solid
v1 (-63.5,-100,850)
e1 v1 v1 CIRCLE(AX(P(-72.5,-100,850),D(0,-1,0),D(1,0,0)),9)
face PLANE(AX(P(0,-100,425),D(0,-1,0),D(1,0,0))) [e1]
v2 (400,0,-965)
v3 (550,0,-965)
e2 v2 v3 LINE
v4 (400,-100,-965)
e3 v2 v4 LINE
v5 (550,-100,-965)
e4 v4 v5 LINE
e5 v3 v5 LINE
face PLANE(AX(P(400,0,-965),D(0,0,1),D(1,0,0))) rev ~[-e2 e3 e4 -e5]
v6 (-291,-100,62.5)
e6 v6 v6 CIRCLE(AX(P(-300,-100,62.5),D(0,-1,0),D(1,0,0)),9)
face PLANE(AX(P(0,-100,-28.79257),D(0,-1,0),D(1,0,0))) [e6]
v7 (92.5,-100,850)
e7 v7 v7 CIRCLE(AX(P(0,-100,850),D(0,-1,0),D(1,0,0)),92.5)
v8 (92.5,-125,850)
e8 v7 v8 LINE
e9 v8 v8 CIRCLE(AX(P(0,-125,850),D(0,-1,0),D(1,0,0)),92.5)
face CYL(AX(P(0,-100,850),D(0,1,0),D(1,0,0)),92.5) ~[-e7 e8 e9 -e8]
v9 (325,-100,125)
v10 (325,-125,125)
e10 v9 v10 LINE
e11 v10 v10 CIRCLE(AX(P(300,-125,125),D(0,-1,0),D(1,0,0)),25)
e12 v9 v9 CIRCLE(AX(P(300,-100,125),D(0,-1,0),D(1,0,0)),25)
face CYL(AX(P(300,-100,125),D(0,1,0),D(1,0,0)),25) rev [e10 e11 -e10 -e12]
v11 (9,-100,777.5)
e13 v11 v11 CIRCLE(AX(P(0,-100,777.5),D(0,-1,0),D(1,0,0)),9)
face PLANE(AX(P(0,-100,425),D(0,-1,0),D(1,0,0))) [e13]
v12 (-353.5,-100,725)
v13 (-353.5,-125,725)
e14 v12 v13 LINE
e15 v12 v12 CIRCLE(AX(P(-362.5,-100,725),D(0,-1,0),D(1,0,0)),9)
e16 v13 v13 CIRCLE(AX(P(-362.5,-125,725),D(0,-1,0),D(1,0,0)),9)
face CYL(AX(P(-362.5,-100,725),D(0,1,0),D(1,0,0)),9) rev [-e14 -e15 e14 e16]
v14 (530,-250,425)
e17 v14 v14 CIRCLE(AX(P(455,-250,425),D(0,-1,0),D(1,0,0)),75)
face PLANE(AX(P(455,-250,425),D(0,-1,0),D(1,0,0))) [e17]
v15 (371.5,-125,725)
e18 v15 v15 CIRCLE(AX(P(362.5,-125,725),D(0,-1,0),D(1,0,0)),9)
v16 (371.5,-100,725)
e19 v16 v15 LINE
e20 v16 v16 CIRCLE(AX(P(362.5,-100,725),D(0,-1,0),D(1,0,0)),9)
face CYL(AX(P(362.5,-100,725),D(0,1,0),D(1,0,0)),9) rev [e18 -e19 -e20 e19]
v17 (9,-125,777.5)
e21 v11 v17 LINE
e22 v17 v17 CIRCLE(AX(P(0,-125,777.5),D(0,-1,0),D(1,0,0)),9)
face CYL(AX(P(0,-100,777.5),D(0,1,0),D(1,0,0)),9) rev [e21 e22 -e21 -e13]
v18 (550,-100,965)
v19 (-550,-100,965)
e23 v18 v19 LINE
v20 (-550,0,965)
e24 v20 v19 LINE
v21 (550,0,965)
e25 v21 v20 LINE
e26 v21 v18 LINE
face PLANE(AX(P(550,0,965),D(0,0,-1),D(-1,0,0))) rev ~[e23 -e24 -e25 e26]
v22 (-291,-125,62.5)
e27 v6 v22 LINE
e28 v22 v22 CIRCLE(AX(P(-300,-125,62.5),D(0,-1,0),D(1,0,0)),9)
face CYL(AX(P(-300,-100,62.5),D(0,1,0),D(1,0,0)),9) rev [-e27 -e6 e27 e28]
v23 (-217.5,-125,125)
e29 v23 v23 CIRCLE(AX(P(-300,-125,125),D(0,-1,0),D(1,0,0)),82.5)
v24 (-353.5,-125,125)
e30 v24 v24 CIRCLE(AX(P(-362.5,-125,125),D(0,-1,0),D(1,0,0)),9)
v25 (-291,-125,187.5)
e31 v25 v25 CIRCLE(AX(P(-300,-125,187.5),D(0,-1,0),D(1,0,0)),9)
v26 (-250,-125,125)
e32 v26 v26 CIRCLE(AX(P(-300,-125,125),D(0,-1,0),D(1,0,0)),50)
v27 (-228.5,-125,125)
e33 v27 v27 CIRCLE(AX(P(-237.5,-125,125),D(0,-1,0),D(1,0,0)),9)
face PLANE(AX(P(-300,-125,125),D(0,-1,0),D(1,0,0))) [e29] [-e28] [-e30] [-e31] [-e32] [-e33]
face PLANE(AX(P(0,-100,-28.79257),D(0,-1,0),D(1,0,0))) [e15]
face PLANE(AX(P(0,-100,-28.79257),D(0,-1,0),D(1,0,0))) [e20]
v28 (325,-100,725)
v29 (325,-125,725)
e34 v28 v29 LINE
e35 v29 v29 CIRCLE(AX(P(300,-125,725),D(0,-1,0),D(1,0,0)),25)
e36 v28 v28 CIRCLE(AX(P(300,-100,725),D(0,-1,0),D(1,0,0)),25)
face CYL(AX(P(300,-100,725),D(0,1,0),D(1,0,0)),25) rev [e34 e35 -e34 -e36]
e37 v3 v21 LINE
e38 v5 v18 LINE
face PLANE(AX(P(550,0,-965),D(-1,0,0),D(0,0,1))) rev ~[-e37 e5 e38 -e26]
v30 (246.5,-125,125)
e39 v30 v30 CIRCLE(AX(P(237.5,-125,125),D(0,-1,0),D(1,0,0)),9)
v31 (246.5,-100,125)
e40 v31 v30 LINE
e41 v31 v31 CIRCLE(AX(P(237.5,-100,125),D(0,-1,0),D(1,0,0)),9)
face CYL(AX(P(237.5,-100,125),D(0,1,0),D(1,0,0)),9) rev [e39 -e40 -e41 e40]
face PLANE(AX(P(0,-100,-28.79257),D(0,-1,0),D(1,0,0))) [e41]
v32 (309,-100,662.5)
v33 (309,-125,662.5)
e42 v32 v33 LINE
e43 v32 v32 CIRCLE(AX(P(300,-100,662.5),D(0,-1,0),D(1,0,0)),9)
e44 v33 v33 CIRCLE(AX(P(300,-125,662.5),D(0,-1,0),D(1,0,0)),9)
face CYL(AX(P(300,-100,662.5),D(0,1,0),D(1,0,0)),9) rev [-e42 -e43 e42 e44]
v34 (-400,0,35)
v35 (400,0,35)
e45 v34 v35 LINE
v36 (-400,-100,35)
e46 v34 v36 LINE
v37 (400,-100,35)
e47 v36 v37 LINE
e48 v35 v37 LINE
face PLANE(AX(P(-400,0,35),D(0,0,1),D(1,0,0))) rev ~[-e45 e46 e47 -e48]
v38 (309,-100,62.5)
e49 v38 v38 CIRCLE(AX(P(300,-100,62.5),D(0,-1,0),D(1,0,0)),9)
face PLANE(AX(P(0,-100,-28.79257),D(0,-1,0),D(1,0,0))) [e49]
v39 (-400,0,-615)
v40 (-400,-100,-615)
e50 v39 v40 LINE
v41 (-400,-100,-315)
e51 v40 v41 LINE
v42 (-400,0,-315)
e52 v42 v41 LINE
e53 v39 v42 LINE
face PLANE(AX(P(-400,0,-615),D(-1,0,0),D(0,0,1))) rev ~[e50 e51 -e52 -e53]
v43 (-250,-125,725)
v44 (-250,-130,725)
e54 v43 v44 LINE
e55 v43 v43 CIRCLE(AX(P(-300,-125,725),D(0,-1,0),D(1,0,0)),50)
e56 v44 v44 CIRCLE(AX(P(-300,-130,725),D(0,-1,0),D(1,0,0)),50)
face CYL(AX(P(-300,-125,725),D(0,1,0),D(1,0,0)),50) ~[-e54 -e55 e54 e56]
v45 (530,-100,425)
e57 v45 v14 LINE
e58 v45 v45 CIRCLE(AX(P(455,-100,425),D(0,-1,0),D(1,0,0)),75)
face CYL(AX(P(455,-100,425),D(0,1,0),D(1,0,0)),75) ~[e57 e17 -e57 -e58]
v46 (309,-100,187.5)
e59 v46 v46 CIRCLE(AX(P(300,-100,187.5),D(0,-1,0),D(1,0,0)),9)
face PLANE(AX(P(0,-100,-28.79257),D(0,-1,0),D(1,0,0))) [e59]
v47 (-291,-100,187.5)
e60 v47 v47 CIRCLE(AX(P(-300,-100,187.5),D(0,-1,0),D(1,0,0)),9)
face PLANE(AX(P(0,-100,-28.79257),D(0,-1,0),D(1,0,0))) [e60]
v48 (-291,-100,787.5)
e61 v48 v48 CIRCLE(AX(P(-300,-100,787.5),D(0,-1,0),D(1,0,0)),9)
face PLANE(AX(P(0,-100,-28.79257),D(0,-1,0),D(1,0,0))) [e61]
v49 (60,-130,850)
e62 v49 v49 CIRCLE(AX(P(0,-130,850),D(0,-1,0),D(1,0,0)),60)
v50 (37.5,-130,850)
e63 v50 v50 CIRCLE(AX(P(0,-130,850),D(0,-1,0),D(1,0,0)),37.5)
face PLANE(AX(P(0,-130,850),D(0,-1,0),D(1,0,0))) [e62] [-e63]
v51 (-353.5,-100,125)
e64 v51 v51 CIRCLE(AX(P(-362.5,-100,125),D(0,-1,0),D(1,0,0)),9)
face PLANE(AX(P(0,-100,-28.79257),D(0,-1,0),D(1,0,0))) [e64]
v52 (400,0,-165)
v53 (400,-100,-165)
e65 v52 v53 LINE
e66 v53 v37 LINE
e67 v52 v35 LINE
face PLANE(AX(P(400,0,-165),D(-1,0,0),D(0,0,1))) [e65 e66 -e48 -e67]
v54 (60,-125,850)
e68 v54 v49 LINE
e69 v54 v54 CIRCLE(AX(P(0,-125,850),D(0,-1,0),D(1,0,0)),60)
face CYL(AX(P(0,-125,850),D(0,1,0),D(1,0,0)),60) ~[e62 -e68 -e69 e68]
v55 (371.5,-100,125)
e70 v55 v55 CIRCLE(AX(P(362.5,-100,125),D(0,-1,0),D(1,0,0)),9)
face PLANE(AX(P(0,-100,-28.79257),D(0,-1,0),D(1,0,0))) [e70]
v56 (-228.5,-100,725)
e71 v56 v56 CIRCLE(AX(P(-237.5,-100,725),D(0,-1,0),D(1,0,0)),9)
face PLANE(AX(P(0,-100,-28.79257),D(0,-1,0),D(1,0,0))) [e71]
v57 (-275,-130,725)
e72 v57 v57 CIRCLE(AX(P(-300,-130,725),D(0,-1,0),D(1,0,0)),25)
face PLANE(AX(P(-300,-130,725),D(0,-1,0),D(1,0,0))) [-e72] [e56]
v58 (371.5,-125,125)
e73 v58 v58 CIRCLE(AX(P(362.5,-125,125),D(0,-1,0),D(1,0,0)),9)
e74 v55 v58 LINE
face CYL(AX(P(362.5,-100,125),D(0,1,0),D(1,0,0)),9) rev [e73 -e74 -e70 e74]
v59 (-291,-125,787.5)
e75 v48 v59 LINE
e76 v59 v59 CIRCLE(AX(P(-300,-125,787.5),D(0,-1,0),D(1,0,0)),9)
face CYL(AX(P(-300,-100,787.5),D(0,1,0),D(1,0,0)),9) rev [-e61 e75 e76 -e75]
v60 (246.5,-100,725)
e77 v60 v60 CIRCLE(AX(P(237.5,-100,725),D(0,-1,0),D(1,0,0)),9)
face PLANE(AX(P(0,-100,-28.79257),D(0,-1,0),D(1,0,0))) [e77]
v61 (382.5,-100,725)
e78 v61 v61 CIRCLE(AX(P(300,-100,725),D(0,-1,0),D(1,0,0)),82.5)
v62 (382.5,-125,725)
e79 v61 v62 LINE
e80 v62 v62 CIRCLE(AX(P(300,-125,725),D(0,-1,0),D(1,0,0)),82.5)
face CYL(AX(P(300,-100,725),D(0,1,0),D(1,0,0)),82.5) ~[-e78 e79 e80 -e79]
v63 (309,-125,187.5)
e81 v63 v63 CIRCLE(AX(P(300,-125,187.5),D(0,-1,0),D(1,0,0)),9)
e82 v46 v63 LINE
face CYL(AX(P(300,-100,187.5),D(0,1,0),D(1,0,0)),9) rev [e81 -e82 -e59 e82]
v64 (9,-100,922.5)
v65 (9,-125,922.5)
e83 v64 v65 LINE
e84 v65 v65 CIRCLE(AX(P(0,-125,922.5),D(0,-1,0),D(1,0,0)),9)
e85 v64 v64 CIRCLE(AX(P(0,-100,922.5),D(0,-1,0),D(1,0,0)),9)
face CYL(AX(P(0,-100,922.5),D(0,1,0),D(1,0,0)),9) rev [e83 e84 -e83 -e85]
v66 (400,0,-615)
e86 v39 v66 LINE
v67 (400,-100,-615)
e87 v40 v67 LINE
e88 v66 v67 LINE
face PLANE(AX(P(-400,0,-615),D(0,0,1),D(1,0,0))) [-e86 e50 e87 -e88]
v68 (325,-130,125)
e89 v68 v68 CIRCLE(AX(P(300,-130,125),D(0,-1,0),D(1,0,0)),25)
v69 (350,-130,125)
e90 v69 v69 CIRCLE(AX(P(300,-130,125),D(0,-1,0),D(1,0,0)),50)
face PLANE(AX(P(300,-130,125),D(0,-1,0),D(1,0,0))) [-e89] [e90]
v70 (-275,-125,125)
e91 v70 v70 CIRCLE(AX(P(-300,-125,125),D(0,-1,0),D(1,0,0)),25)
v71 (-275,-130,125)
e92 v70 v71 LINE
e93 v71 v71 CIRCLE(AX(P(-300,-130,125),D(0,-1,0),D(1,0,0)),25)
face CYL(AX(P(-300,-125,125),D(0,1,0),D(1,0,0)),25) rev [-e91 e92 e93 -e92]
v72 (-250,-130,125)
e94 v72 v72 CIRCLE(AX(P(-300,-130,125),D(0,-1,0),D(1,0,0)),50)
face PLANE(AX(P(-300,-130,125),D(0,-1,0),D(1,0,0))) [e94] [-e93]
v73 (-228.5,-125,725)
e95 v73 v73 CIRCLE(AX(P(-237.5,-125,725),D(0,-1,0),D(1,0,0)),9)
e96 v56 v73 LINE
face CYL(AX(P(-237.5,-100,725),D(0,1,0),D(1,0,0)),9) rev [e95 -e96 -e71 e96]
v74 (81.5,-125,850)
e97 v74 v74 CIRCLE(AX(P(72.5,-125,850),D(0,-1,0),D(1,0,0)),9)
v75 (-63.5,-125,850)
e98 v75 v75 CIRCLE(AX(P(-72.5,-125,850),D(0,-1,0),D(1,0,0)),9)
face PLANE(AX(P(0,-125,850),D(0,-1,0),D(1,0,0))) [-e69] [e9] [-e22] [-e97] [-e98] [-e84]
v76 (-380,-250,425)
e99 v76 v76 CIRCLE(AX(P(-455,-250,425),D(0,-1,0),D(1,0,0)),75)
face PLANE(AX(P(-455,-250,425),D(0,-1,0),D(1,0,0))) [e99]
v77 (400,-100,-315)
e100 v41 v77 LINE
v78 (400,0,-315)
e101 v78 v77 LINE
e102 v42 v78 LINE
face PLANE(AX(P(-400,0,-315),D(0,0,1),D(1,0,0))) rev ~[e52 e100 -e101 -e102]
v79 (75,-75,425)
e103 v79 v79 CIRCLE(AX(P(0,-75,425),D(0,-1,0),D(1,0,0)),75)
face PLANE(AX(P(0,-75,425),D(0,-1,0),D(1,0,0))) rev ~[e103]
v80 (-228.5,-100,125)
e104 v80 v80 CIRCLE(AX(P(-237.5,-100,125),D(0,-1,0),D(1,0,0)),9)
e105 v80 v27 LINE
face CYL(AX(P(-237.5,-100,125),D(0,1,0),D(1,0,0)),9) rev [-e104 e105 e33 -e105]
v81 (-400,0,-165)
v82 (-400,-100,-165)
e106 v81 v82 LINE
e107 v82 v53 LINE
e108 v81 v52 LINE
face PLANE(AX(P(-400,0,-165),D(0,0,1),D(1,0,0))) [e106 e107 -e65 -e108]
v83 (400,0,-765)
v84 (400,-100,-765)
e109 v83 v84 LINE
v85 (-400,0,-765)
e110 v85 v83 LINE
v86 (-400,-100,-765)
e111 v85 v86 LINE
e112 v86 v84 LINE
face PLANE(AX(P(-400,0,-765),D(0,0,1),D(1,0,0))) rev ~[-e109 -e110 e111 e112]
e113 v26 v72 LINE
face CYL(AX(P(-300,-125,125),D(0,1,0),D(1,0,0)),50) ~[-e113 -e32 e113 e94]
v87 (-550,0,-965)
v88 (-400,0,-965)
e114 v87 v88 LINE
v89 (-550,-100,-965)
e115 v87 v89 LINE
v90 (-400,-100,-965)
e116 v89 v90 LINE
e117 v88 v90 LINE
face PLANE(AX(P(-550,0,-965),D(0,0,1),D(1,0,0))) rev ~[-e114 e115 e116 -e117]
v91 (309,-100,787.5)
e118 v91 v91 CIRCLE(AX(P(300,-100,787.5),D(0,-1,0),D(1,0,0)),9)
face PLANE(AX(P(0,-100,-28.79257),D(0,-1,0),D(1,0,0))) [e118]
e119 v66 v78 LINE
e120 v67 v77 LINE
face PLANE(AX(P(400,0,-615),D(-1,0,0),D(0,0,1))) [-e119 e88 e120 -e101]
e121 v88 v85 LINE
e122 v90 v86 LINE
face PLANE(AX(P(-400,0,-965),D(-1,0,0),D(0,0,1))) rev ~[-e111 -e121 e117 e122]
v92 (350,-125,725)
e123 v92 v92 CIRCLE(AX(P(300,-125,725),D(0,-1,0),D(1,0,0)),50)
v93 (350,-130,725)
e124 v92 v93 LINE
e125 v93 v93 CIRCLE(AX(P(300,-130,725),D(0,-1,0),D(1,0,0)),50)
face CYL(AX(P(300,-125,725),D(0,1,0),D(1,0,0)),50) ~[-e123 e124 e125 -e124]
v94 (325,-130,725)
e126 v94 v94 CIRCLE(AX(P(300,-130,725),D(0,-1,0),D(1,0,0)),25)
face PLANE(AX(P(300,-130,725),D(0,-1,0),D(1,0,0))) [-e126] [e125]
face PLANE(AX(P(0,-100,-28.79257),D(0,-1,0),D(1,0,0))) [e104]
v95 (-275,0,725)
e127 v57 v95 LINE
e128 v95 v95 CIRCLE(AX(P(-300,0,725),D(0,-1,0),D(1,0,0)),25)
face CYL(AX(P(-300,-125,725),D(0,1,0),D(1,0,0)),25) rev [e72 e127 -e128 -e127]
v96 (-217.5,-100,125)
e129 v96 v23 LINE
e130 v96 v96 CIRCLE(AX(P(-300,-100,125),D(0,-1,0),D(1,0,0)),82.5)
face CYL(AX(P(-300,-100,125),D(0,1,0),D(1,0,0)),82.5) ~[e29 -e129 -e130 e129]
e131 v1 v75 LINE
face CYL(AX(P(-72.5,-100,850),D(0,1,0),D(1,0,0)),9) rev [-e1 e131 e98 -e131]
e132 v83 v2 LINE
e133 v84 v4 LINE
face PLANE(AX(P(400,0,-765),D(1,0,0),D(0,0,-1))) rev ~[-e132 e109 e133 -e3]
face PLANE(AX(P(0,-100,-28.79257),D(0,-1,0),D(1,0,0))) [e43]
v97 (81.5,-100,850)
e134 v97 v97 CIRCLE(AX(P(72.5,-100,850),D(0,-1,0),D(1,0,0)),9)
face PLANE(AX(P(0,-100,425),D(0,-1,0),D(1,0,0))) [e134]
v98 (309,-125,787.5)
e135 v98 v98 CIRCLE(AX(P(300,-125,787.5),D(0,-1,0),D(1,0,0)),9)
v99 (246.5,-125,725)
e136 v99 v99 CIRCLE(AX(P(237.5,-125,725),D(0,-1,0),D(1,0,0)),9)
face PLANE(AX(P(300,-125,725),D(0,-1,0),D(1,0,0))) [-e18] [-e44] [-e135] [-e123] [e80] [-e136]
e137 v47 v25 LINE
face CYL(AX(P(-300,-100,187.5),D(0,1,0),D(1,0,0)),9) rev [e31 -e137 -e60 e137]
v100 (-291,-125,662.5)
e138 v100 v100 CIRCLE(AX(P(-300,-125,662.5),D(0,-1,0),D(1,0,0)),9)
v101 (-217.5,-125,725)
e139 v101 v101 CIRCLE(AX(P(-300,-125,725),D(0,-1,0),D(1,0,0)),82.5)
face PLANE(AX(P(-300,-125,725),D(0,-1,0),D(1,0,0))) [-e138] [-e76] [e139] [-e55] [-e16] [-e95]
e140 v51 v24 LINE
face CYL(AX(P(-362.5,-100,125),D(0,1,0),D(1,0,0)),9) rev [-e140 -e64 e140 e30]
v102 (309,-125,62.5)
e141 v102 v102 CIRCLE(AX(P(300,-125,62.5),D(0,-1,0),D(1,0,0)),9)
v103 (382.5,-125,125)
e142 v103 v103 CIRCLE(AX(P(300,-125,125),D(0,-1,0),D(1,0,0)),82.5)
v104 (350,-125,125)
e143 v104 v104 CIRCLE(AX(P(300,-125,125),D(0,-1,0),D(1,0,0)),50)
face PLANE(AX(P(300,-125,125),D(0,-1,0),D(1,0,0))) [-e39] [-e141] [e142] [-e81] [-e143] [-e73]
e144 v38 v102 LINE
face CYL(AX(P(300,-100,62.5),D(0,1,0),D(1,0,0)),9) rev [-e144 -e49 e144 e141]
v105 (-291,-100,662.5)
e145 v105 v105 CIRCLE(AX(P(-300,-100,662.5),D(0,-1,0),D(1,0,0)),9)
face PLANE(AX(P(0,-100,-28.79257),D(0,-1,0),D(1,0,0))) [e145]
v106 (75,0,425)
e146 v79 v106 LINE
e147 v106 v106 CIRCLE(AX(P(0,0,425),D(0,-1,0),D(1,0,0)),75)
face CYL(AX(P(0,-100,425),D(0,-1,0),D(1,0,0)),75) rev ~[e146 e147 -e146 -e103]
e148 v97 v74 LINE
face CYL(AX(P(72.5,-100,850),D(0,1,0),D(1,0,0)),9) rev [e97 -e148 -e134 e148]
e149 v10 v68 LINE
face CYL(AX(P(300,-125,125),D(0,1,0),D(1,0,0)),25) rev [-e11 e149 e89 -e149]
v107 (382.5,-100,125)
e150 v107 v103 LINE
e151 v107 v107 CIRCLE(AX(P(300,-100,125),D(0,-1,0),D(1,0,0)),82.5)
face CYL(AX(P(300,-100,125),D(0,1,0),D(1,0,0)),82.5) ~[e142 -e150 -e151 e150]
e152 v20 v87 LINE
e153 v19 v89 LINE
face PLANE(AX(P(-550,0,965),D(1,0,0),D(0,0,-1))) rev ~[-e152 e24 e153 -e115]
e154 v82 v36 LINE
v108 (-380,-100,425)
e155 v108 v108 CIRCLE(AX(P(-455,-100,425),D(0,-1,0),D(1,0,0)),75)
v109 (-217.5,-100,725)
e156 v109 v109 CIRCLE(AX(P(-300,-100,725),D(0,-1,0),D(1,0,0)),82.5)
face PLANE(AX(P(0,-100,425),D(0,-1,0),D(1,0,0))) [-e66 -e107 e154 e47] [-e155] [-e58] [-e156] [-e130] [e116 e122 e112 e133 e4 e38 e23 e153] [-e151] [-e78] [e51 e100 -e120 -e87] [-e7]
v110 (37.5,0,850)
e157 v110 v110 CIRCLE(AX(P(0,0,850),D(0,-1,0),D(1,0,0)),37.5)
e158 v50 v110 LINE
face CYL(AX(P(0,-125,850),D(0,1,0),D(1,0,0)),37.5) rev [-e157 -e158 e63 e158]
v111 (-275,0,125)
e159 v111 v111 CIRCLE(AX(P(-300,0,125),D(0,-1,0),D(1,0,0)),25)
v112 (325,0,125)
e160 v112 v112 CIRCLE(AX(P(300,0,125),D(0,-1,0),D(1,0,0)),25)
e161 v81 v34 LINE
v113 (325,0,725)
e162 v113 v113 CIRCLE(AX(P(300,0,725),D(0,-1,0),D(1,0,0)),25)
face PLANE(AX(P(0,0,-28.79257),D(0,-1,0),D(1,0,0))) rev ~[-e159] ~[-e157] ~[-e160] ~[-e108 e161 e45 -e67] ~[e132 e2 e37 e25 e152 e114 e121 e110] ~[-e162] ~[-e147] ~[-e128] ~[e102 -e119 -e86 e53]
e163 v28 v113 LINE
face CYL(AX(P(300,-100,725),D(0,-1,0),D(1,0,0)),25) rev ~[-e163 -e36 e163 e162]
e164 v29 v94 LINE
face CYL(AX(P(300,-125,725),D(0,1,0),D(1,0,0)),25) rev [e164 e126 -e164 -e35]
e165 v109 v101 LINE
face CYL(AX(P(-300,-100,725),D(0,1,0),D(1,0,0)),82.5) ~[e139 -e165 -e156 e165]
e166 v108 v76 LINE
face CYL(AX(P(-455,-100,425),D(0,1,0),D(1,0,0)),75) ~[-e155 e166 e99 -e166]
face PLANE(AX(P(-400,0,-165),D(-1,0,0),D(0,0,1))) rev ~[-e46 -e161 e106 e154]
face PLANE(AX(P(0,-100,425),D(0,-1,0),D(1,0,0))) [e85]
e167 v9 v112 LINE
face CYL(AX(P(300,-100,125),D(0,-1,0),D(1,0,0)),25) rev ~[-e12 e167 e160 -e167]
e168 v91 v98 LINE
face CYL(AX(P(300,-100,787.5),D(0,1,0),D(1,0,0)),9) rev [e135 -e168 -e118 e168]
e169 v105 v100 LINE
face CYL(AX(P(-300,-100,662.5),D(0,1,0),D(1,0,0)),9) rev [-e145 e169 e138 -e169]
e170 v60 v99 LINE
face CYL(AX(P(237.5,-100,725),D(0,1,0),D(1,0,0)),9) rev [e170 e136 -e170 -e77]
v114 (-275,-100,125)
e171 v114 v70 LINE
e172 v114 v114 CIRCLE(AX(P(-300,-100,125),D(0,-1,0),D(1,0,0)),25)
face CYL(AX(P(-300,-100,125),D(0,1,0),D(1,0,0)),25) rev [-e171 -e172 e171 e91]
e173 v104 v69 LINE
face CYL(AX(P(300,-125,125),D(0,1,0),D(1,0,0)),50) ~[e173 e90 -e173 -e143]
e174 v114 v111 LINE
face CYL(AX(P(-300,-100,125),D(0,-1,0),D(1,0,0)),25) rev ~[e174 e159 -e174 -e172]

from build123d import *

# Parameters (mm, degrees)
F0_W      = 800
F0_H      = 300
F0_H_2    = 200
F1_DEPTH  = 100
F2_R      = 25
F2_R_2    = 75
F3_DEPTH  = 100
F4_R      = 75
F5_DEPTH  = 150
F6_R      = 82.5
F6_R_2    = 9
F6_R_3    = 25
F7_DEPTH  = 25
F8_R      = 50
F8_R_2    = 25
F9_DEPTH  = 5
F10_R     = 75
F11_DEPTH = 25
F12_R     = 37.5
F13_DEPTH = 100
F14_R     = 92.5
F14_R_2   = 9
F14_R_3   = 37.5
F15_DEPTH = 25
F16_R     = 60
F16_R_2   = 37.5
F17_DEPTH = 5


with BuildPart() as f1:
    # F0 (on Front) → F1 (new body)
    with BuildSketch(Plane.XZ):
        Polygon((400, -965), (550, -965), (550, 965), (-550, 965), (-550, -965), (-400, -965), (-400, -765), (400, -765), align=None)
        with Locations((0, -465)):
            Rectangle(F0_W, F0_H, mode=Mode.SUBTRACT)
        with Locations((0, -65)):
            Rectangle(F0_W, F0_H_2, mode=Mode.SUBTRACT)
    extrude(amount=F1_DEPTH)

    # F2 (on face) → F3 (cut)
    with BuildSketch(Plane.XZ.offset(100)):
        with Locations((-300, 125)):
            Circle(F2_R)
        with Locations((0, 425)):
            Circle(F2_R_2)
        with Locations((-300, 725)):
            Circle(F2_R)
        with Locations((300, 125)):
            Circle(F2_R)
        with Locations((300, 725)):
            Circle(F2_R)
    extrude(amount=-F3_DEPTH, mode=Mode.SUBTRACT)

    # F4 (on face) → F5 (join)
    with BuildSketch(Plane.XZ.offset(100)):
        with Locations((-455, 425)):
            Circle(F4_R)
        with Locations((455, 425)):
            Circle(F4_R)
    extrude(amount=F5_DEPTH)

    # F6 (on face) → F7 (join)
    with BuildSketch(Plane.XZ.offset(100)):
        with Locations((-300, 725)):
            Circle(F6_R)
        with Locations((-300, 662.5)):
            Circle(F6_R_2, mode=Mode.SUBTRACT)
        with Locations((-362.5, 725)):
            Circle(F6_R_2, mode=Mode.SUBTRACT)
        with Locations((-300, 725)):
            Circle(F6_R_3, mode=Mode.SUBTRACT)
        with Locations((-300, 787.5)):
            Circle(F6_R_2, mode=Mode.SUBTRACT)
        with Locations((-237.5, 725)):
            Circle(F6_R_2, mode=Mode.SUBTRACT)
        with Locations((-300, 125)):
            Circle(F6_R)
        with Locations((-300, 62.5)):
            Circle(F6_R_2, mode=Mode.SUBTRACT)
        with Locations((-362.5, 125)):
            Circle(F6_R_2, mode=Mode.SUBTRACT)
        with Locations((-300, 125)):
            Circle(F6_R_3, mode=Mode.SUBTRACT)
        with Locations((-237.5, 125)):
            Circle(F6_R_2, mode=Mode.SUBTRACT)
        with Locations((-300, 187.5)):
            Circle(F6_R_2, mode=Mode.SUBTRACT)
        with Locations((300, 725)):
            Circle(F6_R)
        with Locations((300, 662.5)):
            Circle(F6_R_2, mode=Mode.SUBTRACT)
        with Locations((237.5, 725)):
            Circle(F6_R_2, mode=Mode.SUBTRACT)
        with Locations((300, 725)):
            Circle(F6_R_3, mode=Mode.SUBTRACT)
        with Locations((362.5, 725)):
            Circle(F6_R_2, mode=Mode.SUBTRACT)
        with Locations((300, 787.5)):
            Circle(F6_R_2, mode=Mode.SUBTRACT)
        with Locations((300, 125)):
            Circle(F6_R)
        with Locations((237.5, 125)):
            Circle(F6_R_2, mode=Mode.SUBTRACT)
        with Locations((300, 62.5)):
            Circle(F6_R_2, mode=Mode.SUBTRACT)
        with Locations((300, 125)):
            Circle(F6_R_3, mode=Mode.SUBTRACT)
        with Locations((362.5, 125)):
            Circle(F6_R_2, mode=Mode.SUBTRACT)
        with Locations((300, 187.5)):
            Circle(F6_R_2, mode=Mode.SUBTRACT)
    extrude(amount=F7_DEPTH)

    # F8 (on face) → F9 (join)
    with BuildSketch(Plane.XZ.offset(125)):
        with Locations((-300, 725)):
            Circle(F8_R)
        with Locations((-300, 725)):
            Circle(F8_R_2, mode=Mode.SUBTRACT)
        with Locations((-300, 125)):
            Circle(F8_R)
        with Locations((-300, 125)):
            Circle(F8_R_2, mode=Mode.SUBTRACT)
        with Locations((300, 725)):
            Circle(F8_R)
        with Locations((300, 725)):
            Circle(F8_R_2, mode=Mode.SUBTRACT)
        with Locations((300, 125)):
            Circle(F8_R)
        with Locations((300, 125)):
            Circle(F8_R_2, mode=Mode.SUBTRACT)
    extrude(amount=F9_DEPTH)

    # F10 (on face) → F11 (join)
    with BuildSketch(Plane.XZ.offset(100)):
        with Locations((0, 425)):
            Circle(F10_R)
    extrude(amount=-F11_DEPTH)

    # F12 (on face) → F13 (cut)
    with BuildSketch(Plane.XZ.offset(100)):
        with Locations((0, 850)):
            Circle(F12_R)
    extrude(amount=-F13_DEPTH, mode=Mode.SUBTRACT)

    # F14 (on face) → F15 (join)
    with BuildSketch(Plane.XZ.offset(100)):
        with Locations((0, 850)):
            Circle(F14_R)
        with Locations((-72.5, 850)):
            Circle(F14_R_2, mode=Mode.SUBTRACT)
        with Locations((0, 777.5)):
            Circle(F14_R_2, mode=Mode.SUBTRACT)
        with Locations((0, 850)):
            Circle(F14_R_3, mode=Mode.SUBTRACT)
        with Locations((0, 922.5)):
            Circle(F14_R_2, mode=Mode.SUBTRACT)
        with Locations((72.5, 850)):
            Circle(F14_R_2, mode=Mode.SUBTRACT)
    extrude(amount=F15_DEPTH)

    # F16 (on face) → F17 (join)
    with BuildSketch(Plane.XZ.offset(125)):
        with Locations((0, 850)):
            Circle(F16_R)
        with Locations((0, 850)):
            Circle(F16_R_2, mode=Mode.SUBTRACT)
    extrude(amount=F17_DEPTH)


solid = f1.part
